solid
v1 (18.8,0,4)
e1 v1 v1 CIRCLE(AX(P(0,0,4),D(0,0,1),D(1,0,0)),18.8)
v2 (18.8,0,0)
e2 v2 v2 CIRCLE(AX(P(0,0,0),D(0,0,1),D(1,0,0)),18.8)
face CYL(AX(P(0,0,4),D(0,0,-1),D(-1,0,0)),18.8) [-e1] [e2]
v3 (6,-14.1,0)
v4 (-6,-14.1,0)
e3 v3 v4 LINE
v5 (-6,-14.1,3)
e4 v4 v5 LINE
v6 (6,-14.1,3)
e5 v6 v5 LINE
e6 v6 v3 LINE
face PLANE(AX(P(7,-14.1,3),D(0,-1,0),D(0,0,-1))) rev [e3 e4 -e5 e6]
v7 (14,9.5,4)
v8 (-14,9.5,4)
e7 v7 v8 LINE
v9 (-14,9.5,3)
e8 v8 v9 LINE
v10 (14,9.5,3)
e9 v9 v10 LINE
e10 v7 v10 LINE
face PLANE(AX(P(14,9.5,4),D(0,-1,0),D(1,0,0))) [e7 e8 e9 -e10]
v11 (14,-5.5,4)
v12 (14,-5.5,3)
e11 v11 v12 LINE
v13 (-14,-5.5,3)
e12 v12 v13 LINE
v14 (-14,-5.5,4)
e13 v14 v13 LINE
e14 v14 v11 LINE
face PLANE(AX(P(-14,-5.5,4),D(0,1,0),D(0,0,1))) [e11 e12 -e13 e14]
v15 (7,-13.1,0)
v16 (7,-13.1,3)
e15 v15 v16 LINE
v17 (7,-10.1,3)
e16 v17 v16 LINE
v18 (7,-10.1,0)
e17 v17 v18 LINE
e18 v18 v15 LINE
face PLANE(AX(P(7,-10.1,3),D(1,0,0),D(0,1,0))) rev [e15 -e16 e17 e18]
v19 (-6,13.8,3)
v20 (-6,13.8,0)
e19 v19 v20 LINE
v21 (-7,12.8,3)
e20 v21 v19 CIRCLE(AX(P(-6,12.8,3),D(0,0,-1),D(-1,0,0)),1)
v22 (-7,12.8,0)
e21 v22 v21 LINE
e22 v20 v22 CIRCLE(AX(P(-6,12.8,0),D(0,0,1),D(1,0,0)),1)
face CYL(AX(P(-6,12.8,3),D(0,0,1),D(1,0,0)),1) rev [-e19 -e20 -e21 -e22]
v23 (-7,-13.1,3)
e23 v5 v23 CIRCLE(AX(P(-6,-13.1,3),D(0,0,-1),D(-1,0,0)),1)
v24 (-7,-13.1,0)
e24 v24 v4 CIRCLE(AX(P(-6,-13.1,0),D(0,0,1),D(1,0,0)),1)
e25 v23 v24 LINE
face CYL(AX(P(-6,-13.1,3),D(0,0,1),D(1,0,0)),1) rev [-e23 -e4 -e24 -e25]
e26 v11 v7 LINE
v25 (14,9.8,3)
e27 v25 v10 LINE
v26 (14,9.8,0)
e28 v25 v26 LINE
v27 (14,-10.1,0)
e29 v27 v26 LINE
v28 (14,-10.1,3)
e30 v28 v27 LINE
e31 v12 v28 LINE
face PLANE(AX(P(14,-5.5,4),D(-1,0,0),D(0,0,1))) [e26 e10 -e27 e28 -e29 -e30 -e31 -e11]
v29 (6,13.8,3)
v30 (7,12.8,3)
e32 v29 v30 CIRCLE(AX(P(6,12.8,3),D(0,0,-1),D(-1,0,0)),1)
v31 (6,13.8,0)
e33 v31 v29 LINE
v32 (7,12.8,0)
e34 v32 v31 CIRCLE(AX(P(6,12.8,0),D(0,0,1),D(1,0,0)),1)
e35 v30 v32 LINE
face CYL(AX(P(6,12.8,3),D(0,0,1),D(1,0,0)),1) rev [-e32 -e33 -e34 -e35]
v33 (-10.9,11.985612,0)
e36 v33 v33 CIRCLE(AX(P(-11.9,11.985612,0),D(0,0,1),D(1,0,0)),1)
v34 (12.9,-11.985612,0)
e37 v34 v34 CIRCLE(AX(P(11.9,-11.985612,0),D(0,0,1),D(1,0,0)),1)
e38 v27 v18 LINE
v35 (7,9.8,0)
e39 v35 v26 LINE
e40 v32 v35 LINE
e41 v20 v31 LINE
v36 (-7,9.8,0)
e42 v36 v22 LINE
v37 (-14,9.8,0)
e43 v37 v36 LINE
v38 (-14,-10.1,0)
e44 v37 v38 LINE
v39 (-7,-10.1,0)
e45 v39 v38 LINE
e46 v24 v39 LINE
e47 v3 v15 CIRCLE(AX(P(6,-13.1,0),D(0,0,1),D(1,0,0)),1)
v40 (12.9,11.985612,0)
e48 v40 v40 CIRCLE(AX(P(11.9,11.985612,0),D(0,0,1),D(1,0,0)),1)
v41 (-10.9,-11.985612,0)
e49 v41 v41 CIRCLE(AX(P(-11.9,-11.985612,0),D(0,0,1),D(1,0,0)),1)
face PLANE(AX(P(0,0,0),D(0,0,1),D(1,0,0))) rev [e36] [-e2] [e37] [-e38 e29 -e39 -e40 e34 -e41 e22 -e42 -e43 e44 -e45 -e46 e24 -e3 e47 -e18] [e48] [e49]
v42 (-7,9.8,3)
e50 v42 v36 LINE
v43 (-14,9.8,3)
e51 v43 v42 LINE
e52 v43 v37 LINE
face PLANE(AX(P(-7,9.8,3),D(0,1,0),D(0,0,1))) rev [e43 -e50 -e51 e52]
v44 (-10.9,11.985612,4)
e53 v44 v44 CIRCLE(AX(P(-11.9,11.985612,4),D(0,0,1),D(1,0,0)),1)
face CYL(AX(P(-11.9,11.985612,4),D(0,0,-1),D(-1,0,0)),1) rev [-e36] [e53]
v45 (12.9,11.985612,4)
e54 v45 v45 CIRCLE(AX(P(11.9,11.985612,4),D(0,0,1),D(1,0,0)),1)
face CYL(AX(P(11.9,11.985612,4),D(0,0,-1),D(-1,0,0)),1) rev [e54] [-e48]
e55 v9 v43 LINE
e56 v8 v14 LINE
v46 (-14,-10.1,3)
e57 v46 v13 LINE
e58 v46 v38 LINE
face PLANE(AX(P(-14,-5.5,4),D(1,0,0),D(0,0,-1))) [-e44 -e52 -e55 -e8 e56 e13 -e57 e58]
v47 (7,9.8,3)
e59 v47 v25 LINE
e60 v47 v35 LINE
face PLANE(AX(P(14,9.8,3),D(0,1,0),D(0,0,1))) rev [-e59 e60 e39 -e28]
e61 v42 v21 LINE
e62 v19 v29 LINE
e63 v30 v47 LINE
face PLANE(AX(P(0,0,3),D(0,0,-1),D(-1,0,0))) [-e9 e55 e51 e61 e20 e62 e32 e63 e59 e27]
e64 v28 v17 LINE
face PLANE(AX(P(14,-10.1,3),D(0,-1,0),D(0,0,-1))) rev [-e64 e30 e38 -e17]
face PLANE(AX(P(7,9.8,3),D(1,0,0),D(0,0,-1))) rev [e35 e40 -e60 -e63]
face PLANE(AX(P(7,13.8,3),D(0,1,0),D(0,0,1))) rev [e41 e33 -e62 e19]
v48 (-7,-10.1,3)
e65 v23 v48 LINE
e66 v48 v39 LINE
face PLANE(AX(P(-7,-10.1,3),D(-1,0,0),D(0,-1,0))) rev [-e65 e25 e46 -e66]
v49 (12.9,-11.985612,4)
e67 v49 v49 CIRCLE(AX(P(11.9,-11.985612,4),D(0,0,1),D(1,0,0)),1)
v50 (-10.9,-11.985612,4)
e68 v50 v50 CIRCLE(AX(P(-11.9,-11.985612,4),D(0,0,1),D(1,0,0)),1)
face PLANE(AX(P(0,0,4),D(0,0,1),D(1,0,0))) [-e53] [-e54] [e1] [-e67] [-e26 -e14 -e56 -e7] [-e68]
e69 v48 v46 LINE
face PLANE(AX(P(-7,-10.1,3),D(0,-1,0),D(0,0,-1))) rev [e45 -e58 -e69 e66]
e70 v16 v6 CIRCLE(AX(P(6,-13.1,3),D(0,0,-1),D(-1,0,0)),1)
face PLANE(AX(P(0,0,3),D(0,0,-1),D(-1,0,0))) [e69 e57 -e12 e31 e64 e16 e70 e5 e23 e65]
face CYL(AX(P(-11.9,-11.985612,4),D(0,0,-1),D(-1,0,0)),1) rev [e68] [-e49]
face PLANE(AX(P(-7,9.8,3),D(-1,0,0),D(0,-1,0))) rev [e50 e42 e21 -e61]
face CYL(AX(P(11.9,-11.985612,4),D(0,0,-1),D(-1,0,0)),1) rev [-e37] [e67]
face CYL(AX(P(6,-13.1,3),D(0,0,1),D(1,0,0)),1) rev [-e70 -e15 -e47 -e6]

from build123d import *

# Parameters (mm, degrees)
SKETCH1_R           = 18.8
SKETCH1_R_2         = 1
SKETCH1_W           = 28
SKETCH1_H           = 15
BOSS_EXTRUDE1_DEPTH = 4
CUT_EXTRUDE1_DEPTH  = 3
FILLET1_R           = 1


with BuildPart() as part:
    # Sketch1 → Boss-Extrude1 (new body)
    with BuildSketch(Plane.XY):
        Circle(SKETCH1_R)
        with Locations((-11.9, 11.985611511)):
            Circle(SKETCH1_R_2, mode=Mode.SUBTRACT)
        with Locations((11.9, 11.985611511)):
            Circle(SKETCH1_R_2, mode=Mode.SUBTRACT)
        with Locations((11.9, -11.985611511)):
            Circle(SKETCH1_R_2, mode=Mode.SUBTRACT)
        with Locations((-11.9, -11.985611511)):
            Circle(SKETCH1_R_2, mode=Mode.SUBTRACT)
        with Locations((0, 2)):
            Rectangle(SKETCH1_W, SKETCH1_H, mode=Mode.SUBTRACT)
    extrude(amount=BOSS_EXTRUDE1_DEPTH)

    # Sketch2 → Cut-Extrude1 (cut)
    with BuildSketch(Plane(origin=(0, 0, 0), x_dir=(-1, 0, 0), z_dir=(0, 0, -1))):
        Polygon((-14, 9.8), (-7, 9.8), (-7, 13.8), (7, 13.8), (7, 9.8), (14, 9.8), (14, -10.1), (7, -10.1), (7, -14.1), (-7, -14.1), (-7, -10.1), (-14, -10.1), align=None)
    extrude(amount=-CUT_EXTRUDE1_DEPTH, mode=Mode.SUBTRACT)

    # Fillet1
    fillet1_edges = [part.edges().sort_by_distance(p)[0] for p in [
        (7, 13.8, 1.5),
        (-7, 13.8, 1.5),
        (-7, -14.1, 1.5),
        (7, -14.1, 1.5),
    ]]
    fillet(fillet1_edges, radius=FILLET1_R)


solid = part.part
